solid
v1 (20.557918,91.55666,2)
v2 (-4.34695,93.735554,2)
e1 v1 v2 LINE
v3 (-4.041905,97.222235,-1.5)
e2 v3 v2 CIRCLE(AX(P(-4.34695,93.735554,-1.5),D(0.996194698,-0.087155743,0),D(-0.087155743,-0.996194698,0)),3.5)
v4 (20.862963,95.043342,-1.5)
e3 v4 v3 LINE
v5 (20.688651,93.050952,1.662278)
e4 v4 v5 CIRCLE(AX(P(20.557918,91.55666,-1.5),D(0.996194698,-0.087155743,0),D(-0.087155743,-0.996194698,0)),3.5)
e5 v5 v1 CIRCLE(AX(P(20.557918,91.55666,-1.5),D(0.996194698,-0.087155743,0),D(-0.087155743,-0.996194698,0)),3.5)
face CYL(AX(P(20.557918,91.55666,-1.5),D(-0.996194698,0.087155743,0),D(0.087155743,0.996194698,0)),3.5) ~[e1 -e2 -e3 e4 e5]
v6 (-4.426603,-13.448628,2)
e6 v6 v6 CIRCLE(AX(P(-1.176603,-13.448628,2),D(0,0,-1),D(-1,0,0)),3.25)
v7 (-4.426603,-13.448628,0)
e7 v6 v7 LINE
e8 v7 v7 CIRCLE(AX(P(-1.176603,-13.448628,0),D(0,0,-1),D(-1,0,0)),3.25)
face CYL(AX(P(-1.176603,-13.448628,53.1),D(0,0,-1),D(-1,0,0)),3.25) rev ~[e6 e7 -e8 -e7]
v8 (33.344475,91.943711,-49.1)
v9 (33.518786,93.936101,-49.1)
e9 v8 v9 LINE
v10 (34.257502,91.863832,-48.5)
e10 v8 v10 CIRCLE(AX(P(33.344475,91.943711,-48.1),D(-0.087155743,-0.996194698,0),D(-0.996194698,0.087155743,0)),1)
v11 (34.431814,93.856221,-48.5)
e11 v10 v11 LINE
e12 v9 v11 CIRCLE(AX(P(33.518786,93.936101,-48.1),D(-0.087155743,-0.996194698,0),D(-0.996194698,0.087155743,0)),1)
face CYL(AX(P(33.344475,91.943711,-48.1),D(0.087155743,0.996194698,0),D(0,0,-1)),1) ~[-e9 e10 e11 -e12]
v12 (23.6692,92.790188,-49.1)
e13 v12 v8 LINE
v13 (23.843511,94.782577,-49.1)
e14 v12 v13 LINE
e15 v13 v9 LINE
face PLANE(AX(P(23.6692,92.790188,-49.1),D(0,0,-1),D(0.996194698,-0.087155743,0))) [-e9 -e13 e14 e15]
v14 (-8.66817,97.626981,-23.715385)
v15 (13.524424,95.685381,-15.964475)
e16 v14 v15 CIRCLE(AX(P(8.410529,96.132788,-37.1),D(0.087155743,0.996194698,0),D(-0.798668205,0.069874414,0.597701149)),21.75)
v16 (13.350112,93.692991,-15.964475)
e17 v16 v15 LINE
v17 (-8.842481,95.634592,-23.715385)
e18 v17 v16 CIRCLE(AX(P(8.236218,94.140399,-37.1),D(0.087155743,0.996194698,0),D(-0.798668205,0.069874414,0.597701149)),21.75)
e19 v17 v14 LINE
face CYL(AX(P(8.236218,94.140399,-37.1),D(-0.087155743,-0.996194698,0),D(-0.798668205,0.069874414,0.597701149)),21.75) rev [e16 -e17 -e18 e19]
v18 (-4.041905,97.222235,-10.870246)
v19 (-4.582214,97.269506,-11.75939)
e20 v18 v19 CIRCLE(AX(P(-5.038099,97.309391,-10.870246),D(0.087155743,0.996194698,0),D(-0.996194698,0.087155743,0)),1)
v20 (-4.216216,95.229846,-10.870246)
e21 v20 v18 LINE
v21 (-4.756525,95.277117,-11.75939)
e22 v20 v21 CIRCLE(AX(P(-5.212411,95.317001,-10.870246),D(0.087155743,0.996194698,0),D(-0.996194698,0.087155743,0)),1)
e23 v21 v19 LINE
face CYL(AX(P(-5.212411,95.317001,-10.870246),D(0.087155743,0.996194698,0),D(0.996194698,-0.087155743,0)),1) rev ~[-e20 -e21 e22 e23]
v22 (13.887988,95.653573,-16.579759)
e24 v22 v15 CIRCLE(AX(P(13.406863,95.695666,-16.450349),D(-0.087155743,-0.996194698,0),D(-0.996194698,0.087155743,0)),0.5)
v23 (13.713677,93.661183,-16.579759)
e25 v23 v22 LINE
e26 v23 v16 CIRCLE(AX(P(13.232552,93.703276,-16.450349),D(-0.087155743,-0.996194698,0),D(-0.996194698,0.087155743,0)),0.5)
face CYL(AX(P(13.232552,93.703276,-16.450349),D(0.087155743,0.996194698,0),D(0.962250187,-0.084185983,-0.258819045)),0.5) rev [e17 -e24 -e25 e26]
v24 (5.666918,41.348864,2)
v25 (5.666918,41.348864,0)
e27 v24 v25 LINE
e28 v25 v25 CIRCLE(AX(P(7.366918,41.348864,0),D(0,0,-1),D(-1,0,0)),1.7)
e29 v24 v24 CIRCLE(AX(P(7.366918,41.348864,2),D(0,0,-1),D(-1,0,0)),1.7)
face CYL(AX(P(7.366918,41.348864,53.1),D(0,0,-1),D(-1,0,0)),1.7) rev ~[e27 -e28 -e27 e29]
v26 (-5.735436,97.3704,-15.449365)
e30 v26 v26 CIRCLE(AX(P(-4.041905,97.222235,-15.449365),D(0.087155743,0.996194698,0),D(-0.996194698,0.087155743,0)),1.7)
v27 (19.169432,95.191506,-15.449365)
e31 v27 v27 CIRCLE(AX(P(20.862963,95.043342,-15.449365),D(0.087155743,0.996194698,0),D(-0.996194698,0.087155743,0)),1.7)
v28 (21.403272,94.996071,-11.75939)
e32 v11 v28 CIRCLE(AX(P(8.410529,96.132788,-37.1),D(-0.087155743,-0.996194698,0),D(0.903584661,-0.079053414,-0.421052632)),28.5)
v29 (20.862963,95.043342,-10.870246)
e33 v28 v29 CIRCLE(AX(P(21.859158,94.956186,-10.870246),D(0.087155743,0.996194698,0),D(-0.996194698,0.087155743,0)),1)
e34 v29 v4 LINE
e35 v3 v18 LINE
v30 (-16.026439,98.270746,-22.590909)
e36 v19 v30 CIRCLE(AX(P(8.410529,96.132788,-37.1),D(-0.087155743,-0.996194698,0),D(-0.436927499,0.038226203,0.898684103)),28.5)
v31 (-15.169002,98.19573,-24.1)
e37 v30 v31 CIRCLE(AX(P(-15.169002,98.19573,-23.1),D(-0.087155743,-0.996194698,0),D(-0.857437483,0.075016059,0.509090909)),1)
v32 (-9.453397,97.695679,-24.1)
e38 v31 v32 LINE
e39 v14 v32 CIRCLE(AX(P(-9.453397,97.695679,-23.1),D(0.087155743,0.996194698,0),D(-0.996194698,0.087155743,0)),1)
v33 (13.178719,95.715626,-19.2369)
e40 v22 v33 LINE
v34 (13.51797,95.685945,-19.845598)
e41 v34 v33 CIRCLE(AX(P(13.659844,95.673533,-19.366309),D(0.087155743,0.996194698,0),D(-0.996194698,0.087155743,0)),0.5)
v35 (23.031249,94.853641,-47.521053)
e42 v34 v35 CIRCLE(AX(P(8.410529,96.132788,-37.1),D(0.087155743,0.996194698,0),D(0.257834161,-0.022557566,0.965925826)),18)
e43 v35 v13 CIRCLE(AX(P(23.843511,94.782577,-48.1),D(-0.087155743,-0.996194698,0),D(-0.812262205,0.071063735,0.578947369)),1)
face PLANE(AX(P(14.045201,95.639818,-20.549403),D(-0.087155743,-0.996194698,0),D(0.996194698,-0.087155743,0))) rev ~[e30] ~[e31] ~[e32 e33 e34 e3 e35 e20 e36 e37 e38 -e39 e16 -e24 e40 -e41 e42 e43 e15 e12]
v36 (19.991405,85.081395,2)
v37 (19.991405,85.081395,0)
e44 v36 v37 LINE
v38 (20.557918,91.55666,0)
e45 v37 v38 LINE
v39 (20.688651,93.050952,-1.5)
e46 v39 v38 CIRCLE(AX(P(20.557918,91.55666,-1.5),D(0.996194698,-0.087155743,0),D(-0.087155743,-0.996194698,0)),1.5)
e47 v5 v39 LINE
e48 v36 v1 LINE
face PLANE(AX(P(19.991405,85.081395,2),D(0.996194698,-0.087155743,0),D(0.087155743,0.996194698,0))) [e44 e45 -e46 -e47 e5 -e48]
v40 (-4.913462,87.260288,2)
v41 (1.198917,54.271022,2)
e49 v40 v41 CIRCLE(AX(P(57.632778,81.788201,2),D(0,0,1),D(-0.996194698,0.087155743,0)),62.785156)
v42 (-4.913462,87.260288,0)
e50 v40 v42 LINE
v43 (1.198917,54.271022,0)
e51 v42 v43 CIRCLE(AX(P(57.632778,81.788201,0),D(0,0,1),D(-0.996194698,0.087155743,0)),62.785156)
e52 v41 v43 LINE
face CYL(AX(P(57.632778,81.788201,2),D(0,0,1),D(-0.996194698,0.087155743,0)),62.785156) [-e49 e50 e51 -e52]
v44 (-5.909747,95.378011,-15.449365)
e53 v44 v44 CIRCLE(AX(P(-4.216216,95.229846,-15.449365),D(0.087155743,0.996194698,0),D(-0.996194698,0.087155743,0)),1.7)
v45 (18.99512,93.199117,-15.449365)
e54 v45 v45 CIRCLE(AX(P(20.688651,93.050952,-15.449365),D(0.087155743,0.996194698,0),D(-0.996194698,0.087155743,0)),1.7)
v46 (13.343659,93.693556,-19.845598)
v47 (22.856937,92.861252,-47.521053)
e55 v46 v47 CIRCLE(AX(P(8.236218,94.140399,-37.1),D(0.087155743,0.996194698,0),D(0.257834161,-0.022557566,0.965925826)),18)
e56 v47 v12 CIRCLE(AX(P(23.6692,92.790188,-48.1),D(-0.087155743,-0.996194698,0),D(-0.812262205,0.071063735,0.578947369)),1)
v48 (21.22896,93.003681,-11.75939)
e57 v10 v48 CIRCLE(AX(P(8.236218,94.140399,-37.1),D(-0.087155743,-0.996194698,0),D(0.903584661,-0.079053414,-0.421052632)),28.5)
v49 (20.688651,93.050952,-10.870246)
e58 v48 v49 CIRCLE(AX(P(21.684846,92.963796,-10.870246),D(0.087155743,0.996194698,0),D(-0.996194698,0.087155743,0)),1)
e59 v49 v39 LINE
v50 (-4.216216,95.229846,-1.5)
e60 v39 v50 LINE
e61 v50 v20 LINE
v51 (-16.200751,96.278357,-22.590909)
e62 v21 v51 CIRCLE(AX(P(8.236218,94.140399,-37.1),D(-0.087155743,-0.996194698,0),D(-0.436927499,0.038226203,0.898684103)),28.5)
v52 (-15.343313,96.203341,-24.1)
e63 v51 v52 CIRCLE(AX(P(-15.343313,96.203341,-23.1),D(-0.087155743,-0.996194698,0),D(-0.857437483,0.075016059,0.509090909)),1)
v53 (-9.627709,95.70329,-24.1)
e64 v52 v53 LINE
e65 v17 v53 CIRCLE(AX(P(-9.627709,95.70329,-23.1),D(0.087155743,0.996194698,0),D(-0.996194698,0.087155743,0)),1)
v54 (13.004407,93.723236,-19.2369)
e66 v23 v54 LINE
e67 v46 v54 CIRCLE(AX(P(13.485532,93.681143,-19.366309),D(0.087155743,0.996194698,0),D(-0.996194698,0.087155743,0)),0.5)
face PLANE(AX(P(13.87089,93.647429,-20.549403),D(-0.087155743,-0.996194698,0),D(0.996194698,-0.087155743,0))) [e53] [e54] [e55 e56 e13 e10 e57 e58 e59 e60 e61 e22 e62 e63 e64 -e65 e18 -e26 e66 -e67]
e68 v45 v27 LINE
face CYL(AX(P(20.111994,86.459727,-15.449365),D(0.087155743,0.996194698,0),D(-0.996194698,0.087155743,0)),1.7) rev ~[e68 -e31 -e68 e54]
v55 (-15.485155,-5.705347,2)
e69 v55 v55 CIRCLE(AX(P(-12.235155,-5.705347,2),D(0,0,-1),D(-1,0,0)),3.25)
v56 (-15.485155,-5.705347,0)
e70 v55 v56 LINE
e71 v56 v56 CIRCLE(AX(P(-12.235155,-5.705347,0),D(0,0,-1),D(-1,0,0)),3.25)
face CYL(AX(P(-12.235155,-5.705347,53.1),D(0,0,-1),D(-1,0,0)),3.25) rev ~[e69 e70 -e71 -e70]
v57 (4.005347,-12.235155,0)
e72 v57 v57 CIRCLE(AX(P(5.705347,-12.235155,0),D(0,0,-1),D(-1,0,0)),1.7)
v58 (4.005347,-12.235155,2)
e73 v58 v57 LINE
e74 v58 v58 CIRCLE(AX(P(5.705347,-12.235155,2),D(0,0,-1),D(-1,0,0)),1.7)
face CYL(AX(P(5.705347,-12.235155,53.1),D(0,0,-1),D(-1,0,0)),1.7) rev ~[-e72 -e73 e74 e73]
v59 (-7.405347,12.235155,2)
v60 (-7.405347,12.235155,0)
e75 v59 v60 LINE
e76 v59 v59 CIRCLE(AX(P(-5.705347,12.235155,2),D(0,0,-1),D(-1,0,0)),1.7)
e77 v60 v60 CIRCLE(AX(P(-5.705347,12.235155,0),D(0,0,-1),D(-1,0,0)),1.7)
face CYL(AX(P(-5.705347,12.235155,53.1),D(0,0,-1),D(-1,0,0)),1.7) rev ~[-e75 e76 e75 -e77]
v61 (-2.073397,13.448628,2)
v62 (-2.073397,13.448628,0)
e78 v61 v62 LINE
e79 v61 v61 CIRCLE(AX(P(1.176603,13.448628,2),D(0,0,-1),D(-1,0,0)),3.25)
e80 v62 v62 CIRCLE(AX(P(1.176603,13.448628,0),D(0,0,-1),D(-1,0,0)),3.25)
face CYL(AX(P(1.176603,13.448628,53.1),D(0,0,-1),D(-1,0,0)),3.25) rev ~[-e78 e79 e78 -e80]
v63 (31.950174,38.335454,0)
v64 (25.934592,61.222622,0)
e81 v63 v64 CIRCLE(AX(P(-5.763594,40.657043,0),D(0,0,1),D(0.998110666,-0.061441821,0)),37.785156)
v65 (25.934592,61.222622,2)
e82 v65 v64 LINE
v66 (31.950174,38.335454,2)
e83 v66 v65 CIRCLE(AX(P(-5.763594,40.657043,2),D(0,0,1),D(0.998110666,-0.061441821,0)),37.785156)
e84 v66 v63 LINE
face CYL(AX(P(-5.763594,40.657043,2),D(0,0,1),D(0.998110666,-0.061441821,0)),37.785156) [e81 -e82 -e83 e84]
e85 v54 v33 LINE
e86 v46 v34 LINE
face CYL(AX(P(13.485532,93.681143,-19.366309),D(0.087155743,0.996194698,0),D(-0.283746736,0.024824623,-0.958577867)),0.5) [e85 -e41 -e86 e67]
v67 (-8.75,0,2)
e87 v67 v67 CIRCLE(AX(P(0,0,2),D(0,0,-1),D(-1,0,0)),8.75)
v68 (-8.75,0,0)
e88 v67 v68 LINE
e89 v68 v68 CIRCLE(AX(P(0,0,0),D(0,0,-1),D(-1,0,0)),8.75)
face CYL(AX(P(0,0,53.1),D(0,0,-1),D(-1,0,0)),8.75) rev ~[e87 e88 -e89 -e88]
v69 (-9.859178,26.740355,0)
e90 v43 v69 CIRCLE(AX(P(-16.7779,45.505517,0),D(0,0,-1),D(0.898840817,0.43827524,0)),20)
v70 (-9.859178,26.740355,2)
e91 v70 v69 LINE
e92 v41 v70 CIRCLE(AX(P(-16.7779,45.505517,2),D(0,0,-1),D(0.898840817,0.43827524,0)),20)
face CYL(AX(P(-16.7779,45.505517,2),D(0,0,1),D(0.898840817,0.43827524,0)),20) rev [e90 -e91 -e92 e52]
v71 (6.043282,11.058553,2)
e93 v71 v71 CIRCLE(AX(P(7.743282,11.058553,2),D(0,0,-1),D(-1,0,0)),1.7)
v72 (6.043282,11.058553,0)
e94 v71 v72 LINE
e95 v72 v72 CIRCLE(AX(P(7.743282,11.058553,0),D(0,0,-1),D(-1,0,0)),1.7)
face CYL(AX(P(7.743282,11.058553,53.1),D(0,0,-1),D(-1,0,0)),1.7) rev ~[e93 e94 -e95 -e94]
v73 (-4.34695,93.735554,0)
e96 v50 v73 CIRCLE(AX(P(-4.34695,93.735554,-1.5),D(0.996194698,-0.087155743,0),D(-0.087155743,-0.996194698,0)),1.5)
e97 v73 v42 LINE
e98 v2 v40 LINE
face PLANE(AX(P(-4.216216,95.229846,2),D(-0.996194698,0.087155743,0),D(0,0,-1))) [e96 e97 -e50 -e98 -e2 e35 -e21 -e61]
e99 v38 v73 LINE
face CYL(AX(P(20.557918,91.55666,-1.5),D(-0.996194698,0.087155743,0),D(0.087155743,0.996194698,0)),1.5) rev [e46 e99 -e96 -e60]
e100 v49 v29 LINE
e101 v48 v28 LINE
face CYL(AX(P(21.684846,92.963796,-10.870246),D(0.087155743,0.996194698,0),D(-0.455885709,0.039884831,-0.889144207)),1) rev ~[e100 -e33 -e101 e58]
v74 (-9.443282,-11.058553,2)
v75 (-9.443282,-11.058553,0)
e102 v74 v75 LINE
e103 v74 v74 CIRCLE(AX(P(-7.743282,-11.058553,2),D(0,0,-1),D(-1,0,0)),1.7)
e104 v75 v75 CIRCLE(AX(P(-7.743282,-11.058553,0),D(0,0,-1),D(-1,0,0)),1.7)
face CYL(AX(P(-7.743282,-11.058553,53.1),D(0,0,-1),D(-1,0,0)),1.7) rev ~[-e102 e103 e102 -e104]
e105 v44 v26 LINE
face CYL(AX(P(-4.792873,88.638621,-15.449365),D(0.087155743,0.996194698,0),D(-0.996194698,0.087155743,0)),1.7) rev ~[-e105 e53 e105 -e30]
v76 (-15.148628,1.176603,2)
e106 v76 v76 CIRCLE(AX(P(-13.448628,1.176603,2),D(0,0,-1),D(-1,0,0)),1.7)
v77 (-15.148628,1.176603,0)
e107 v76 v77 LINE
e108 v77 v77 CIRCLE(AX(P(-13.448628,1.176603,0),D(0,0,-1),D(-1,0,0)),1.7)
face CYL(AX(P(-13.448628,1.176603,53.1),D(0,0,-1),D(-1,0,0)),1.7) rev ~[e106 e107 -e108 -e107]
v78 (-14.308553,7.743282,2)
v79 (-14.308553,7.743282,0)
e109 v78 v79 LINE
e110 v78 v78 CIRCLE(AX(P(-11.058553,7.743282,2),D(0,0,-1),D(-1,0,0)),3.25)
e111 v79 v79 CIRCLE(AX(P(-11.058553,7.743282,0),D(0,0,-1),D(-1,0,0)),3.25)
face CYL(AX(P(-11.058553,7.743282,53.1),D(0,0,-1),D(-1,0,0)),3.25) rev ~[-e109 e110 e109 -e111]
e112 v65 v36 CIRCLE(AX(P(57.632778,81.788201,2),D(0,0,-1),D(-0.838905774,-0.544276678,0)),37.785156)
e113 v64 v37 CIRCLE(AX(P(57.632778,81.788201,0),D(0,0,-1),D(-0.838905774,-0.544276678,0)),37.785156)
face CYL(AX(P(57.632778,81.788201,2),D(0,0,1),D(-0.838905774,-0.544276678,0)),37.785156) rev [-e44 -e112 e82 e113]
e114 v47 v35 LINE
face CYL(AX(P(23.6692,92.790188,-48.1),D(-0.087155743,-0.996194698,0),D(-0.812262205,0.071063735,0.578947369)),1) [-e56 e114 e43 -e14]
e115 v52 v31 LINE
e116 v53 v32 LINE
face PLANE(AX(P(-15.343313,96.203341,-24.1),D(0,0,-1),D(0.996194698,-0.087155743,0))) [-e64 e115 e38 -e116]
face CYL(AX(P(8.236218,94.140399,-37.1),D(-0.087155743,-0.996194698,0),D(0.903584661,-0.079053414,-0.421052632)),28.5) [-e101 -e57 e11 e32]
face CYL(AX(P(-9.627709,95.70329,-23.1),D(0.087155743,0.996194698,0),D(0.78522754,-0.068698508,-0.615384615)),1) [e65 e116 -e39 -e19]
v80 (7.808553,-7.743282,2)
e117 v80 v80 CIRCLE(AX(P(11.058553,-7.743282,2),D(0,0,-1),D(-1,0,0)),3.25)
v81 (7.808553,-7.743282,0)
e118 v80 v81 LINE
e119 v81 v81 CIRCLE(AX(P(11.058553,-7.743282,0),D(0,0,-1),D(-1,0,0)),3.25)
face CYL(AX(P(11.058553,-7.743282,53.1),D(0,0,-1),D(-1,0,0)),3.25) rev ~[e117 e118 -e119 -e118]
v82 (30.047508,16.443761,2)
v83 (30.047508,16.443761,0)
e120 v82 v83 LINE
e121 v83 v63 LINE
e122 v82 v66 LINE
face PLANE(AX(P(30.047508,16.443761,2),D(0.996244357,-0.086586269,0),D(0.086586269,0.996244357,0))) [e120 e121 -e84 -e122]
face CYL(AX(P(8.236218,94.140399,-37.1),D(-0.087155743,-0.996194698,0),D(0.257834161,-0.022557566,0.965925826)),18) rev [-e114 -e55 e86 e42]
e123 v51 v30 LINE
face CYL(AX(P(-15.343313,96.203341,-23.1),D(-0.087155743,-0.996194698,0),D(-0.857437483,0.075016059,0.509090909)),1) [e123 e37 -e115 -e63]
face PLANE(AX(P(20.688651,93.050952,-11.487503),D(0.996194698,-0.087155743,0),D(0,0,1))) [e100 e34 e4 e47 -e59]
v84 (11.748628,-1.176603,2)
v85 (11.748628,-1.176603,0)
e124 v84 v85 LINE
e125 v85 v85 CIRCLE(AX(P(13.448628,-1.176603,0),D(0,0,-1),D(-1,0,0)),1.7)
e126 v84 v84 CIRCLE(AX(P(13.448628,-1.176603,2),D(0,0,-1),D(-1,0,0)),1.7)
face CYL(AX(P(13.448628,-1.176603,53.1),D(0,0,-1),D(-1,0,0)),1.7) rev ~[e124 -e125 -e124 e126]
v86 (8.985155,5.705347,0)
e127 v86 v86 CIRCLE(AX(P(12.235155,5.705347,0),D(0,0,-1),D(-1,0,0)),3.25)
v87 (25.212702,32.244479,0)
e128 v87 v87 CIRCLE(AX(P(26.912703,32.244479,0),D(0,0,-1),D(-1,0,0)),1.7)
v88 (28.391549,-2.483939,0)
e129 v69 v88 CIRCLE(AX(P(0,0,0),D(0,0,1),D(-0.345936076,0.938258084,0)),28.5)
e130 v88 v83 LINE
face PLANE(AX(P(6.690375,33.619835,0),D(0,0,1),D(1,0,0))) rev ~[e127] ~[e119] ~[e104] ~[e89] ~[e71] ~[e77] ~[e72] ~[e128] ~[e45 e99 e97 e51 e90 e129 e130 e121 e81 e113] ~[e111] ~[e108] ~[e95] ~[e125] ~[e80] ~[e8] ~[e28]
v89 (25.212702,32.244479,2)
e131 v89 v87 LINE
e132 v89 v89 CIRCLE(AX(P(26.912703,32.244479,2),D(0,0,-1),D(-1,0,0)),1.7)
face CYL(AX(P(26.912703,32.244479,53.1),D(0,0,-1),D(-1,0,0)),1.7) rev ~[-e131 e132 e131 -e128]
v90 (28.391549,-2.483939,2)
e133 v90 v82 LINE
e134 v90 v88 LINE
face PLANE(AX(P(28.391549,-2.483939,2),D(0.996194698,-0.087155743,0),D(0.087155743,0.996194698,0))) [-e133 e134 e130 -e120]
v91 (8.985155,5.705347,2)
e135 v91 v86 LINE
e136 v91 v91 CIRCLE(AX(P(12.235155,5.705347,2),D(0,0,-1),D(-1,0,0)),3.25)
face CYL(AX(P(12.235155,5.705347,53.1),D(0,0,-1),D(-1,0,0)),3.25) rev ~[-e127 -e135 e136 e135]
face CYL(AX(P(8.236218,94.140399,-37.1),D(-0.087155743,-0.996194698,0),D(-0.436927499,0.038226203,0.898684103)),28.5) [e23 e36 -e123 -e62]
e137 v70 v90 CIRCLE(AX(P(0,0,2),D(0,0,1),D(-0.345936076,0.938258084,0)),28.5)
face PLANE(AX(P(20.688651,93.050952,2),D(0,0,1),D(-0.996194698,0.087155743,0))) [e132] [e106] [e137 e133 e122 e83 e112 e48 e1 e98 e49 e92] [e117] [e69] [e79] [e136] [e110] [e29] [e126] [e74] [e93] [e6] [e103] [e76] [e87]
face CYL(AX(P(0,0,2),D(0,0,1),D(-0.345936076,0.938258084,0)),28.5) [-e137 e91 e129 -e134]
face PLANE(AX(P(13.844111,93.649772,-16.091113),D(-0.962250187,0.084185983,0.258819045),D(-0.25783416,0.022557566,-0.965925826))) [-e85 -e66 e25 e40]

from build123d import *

# Parameters (mm, degrees)
EXTRUDE_1_DEPTH               = 2
EXTRUDE_2_DEPTH               = 2
HOLE_WIZARD_6_5_6_5_1_D       = 6.5
HOLE_WIZARD_6_5_6_5_1_DEPTH   = 51.1
HOLE_WIZARD_3_4_3_4_1_D       = 3.4
HOLE_WIZARD_3_4_3_4_1_DEPTH   = 51.1
HOLE_WIZARD_17_5_17_5_1_D     = 17.5
HOLE_WIZARD_17_5_17_5_1_DEPTH = 51.1
HOLE_WIZARD_3_4_3_4_2_D       = 3.4
HOLE_WIZARD_3_4_3_4_2_DEPTH   = 6.616402139
FILLET_1_R                    = 0.5
FILLET_2_R                    = 1
FILLET_3_R                    = 1.5
FILLET_4_R                    = 3.5


with BuildPart() as part:
    # 草图1 → 凸台-拉伸1 (new body)
    with BuildSketch(Plane.XY.offset(2)):
        with BuildLine():
            Line((19.991405474, 85.081394601), (20.688651416, 93.050952185))
            Line((20.688651416, 93.050952185), (-4.216216036, 95.229845754))
            Line((-4.216216036, 95.229845754), (-4.913461978, 87.260288169))
            ThreePointArc((-4.913461978, 87.260288169), (-4.101645556, 70.349808931), (1.198916656, 54.271021844))
            ThreePointArc((1.198916656, 54.271021844), (1.780962088, 38.051078797), (-9.859178165, 26.740355381))
            ThreePointArc((-9.859178165, 26.740355381), (-17.30251519, -22.646698835), (28.391548896, -2.483938668))
            Line((28.391548896, -2.483938668), (30.047508008, 16.443760595))
            Line((30.047508008, 16.443760595), (31.950173771, 38.33545379))
            ThreePointArc((31.950173771, 38.33545379), (30.780358309, 50.262124766), (25.93459204, 61.222621928))
            ThreePointArc((25.93459204, 61.222621928), (20.968028554, 72.655064005), (19.991405474, 85.081394601))
        make_face()
    extrude(amount=-EXTRUDE_1_DEPTH)

    # 草图2 → 凸台-拉伸2 (add)
    with BuildSketch(Plane(origin=(8.23621769, 94.14039897, 0), x_dir=(-0.9961946980917458, 0.08715574274765517, 0), z_dir=(0.08715574274765517, 0.9961946980917458, 0))):
        with BuildLine():
            Line((-15.491933385, -49.1), (-25.850531909, -49.1))
            ThreePointArc((-25.850531909, -49.1), (-26.858253967, -27.566679809), (-12.5, -11.48750305))
            Line((-12.5, -11.48750305), (-12.5, 2))
            Line((-12.5, 2), (12.5, 2))
            Line((12.5, 2), (12.5, -11.48750305))
            ThreePointArc((12.5, -11.48750305), (19.329574132, -16.156801489), (24.530313512, -22.590909091))
            ThreePointArc((24.530313512, -22.590909091), (24.538246516, -23.595433694), (23.669600757, -24.1))
            Line((23.669600757, -24.1), (17.437387992, -24.1))
            ThreePointArc((17.437387992, -24.1), (7.133948284, -16.553241572), (-5.629314231, -16.091113278))
            Line((-5.629314231, -16.091113278), (-4.658742812, -19.713335127))
            ThreePointArc((-4.658742812, -19.713335127), (-16.934605215, -30.999250357), (-14.67656847, -47.521052632))
            ThreePointArc((-14.67656847, -47.521052632), (-14.603410068, -48.558831468), (-15.491933385, -49.1))
        make_face()
    extrude(amount=EXTRUDE_2_DEPTH)

    # Ø6.5 (6.5) 直径孔1
    with Locations(Plane.XY.offset(2)):
        with Locations((11.058552598, -7.743281891), (1.176602527, 13.448628424), (-12.235155125, -5.705346533), (-11.058552598, 7.743281891), (12.235155125, 5.705346533), (-1.176602527, -13.448628424)):
            Hole(HOLE_WIZARD_6_5_6_5_1_D / 2, depth=HOLE_WIZARD_6_5_6_5_1_DEPTH)

    # Ø3.4 (3.4) 直径孔1
    with Locations(Plane.XY.offset(2)):
        with Locations((13.448628424, -1.176602527), (-5.705346533, 12.235155125), (-7.743281891, -11.058552598), (-13.448628424, 1.176602527), (7.743281891, 11.058552598), (5.705346534, -12.235155125), (26.9127025, 32.244479282), (7.366918218, 41.348863539)):
            Hole(HOLE_WIZARD_3_4_3_4_1_D / 2, depth=HOLE_WIZARD_3_4_3_4_1_DEPTH)

    # Ø17.5 (17.5) 直径孔1
    with Locations(Plane.XY.offset(2)):
        with Locations((0, 0)):
            Hole(HOLE_WIZARD_17_5_17_5_1_D / 2, depth=HOLE_WIZARD_17_5_17_5_1_DEPTH)

    # Ø3.4 (3.4) 直径孔2
    with Locations(Plane(origin=(8.23621769, 94.14039897, 0), x_dir=(0.9961946980917458, -0.08715574274765517, 0), z_dir=(-0.08715574274765517, -0.9961946980917458, 0))):
        with Locations((-25, 37.1), (-12.5, -15.449364905), (12.5, -15.449364905)):
            Hole(HOLE_WIZARD_3_4_3_4_2_D / 2, depth=HOLE_WIZARD_3_4_3_4_2_DEPTH)

    # 圆角1
    fillet_1_edges = [part.edges().sort_by_distance(p)[0] for p in [
        (12.964388321, 94.730557478, -19.713335127),
        (13.931266423, 94.645966605, -16.091113278),
    ]]
    fillet(fillet_1_edges, radius=FILLET_1_R)

    # 圆角2
    fillet_2_edges = [part.edges().sort_by_distance(p)[0] for p in [
        (-9.047660034, 96.65636217, -24.1),
        (-4.129060294, 96.226040452, -11.48750305),
        (20.775807159, 94.047146883, -11.48750305),
        (34.075536263, 92.883571359, -49.1),
    ]]
    fillet(fillet_2_edges, radius=FILLET_2_R)

    # 圆角3
    fillet_3_edges = [part.edges().sort_by_distance(p)[0] for p in [
        (8.23621769, 94.14039897, 0),
    ]]
    fillet(fillet_3_edges, radius=FILLET_3_R)

    # 圆角4
    fillet_4_edges = [part.edges().sort_by_distance(p)[0] for p in [
        (8.410529175, 96.132788366, 2),
    ]]
    fillet(fillet_4_edges, radius=FILLET_4_R)


solid = part.part
